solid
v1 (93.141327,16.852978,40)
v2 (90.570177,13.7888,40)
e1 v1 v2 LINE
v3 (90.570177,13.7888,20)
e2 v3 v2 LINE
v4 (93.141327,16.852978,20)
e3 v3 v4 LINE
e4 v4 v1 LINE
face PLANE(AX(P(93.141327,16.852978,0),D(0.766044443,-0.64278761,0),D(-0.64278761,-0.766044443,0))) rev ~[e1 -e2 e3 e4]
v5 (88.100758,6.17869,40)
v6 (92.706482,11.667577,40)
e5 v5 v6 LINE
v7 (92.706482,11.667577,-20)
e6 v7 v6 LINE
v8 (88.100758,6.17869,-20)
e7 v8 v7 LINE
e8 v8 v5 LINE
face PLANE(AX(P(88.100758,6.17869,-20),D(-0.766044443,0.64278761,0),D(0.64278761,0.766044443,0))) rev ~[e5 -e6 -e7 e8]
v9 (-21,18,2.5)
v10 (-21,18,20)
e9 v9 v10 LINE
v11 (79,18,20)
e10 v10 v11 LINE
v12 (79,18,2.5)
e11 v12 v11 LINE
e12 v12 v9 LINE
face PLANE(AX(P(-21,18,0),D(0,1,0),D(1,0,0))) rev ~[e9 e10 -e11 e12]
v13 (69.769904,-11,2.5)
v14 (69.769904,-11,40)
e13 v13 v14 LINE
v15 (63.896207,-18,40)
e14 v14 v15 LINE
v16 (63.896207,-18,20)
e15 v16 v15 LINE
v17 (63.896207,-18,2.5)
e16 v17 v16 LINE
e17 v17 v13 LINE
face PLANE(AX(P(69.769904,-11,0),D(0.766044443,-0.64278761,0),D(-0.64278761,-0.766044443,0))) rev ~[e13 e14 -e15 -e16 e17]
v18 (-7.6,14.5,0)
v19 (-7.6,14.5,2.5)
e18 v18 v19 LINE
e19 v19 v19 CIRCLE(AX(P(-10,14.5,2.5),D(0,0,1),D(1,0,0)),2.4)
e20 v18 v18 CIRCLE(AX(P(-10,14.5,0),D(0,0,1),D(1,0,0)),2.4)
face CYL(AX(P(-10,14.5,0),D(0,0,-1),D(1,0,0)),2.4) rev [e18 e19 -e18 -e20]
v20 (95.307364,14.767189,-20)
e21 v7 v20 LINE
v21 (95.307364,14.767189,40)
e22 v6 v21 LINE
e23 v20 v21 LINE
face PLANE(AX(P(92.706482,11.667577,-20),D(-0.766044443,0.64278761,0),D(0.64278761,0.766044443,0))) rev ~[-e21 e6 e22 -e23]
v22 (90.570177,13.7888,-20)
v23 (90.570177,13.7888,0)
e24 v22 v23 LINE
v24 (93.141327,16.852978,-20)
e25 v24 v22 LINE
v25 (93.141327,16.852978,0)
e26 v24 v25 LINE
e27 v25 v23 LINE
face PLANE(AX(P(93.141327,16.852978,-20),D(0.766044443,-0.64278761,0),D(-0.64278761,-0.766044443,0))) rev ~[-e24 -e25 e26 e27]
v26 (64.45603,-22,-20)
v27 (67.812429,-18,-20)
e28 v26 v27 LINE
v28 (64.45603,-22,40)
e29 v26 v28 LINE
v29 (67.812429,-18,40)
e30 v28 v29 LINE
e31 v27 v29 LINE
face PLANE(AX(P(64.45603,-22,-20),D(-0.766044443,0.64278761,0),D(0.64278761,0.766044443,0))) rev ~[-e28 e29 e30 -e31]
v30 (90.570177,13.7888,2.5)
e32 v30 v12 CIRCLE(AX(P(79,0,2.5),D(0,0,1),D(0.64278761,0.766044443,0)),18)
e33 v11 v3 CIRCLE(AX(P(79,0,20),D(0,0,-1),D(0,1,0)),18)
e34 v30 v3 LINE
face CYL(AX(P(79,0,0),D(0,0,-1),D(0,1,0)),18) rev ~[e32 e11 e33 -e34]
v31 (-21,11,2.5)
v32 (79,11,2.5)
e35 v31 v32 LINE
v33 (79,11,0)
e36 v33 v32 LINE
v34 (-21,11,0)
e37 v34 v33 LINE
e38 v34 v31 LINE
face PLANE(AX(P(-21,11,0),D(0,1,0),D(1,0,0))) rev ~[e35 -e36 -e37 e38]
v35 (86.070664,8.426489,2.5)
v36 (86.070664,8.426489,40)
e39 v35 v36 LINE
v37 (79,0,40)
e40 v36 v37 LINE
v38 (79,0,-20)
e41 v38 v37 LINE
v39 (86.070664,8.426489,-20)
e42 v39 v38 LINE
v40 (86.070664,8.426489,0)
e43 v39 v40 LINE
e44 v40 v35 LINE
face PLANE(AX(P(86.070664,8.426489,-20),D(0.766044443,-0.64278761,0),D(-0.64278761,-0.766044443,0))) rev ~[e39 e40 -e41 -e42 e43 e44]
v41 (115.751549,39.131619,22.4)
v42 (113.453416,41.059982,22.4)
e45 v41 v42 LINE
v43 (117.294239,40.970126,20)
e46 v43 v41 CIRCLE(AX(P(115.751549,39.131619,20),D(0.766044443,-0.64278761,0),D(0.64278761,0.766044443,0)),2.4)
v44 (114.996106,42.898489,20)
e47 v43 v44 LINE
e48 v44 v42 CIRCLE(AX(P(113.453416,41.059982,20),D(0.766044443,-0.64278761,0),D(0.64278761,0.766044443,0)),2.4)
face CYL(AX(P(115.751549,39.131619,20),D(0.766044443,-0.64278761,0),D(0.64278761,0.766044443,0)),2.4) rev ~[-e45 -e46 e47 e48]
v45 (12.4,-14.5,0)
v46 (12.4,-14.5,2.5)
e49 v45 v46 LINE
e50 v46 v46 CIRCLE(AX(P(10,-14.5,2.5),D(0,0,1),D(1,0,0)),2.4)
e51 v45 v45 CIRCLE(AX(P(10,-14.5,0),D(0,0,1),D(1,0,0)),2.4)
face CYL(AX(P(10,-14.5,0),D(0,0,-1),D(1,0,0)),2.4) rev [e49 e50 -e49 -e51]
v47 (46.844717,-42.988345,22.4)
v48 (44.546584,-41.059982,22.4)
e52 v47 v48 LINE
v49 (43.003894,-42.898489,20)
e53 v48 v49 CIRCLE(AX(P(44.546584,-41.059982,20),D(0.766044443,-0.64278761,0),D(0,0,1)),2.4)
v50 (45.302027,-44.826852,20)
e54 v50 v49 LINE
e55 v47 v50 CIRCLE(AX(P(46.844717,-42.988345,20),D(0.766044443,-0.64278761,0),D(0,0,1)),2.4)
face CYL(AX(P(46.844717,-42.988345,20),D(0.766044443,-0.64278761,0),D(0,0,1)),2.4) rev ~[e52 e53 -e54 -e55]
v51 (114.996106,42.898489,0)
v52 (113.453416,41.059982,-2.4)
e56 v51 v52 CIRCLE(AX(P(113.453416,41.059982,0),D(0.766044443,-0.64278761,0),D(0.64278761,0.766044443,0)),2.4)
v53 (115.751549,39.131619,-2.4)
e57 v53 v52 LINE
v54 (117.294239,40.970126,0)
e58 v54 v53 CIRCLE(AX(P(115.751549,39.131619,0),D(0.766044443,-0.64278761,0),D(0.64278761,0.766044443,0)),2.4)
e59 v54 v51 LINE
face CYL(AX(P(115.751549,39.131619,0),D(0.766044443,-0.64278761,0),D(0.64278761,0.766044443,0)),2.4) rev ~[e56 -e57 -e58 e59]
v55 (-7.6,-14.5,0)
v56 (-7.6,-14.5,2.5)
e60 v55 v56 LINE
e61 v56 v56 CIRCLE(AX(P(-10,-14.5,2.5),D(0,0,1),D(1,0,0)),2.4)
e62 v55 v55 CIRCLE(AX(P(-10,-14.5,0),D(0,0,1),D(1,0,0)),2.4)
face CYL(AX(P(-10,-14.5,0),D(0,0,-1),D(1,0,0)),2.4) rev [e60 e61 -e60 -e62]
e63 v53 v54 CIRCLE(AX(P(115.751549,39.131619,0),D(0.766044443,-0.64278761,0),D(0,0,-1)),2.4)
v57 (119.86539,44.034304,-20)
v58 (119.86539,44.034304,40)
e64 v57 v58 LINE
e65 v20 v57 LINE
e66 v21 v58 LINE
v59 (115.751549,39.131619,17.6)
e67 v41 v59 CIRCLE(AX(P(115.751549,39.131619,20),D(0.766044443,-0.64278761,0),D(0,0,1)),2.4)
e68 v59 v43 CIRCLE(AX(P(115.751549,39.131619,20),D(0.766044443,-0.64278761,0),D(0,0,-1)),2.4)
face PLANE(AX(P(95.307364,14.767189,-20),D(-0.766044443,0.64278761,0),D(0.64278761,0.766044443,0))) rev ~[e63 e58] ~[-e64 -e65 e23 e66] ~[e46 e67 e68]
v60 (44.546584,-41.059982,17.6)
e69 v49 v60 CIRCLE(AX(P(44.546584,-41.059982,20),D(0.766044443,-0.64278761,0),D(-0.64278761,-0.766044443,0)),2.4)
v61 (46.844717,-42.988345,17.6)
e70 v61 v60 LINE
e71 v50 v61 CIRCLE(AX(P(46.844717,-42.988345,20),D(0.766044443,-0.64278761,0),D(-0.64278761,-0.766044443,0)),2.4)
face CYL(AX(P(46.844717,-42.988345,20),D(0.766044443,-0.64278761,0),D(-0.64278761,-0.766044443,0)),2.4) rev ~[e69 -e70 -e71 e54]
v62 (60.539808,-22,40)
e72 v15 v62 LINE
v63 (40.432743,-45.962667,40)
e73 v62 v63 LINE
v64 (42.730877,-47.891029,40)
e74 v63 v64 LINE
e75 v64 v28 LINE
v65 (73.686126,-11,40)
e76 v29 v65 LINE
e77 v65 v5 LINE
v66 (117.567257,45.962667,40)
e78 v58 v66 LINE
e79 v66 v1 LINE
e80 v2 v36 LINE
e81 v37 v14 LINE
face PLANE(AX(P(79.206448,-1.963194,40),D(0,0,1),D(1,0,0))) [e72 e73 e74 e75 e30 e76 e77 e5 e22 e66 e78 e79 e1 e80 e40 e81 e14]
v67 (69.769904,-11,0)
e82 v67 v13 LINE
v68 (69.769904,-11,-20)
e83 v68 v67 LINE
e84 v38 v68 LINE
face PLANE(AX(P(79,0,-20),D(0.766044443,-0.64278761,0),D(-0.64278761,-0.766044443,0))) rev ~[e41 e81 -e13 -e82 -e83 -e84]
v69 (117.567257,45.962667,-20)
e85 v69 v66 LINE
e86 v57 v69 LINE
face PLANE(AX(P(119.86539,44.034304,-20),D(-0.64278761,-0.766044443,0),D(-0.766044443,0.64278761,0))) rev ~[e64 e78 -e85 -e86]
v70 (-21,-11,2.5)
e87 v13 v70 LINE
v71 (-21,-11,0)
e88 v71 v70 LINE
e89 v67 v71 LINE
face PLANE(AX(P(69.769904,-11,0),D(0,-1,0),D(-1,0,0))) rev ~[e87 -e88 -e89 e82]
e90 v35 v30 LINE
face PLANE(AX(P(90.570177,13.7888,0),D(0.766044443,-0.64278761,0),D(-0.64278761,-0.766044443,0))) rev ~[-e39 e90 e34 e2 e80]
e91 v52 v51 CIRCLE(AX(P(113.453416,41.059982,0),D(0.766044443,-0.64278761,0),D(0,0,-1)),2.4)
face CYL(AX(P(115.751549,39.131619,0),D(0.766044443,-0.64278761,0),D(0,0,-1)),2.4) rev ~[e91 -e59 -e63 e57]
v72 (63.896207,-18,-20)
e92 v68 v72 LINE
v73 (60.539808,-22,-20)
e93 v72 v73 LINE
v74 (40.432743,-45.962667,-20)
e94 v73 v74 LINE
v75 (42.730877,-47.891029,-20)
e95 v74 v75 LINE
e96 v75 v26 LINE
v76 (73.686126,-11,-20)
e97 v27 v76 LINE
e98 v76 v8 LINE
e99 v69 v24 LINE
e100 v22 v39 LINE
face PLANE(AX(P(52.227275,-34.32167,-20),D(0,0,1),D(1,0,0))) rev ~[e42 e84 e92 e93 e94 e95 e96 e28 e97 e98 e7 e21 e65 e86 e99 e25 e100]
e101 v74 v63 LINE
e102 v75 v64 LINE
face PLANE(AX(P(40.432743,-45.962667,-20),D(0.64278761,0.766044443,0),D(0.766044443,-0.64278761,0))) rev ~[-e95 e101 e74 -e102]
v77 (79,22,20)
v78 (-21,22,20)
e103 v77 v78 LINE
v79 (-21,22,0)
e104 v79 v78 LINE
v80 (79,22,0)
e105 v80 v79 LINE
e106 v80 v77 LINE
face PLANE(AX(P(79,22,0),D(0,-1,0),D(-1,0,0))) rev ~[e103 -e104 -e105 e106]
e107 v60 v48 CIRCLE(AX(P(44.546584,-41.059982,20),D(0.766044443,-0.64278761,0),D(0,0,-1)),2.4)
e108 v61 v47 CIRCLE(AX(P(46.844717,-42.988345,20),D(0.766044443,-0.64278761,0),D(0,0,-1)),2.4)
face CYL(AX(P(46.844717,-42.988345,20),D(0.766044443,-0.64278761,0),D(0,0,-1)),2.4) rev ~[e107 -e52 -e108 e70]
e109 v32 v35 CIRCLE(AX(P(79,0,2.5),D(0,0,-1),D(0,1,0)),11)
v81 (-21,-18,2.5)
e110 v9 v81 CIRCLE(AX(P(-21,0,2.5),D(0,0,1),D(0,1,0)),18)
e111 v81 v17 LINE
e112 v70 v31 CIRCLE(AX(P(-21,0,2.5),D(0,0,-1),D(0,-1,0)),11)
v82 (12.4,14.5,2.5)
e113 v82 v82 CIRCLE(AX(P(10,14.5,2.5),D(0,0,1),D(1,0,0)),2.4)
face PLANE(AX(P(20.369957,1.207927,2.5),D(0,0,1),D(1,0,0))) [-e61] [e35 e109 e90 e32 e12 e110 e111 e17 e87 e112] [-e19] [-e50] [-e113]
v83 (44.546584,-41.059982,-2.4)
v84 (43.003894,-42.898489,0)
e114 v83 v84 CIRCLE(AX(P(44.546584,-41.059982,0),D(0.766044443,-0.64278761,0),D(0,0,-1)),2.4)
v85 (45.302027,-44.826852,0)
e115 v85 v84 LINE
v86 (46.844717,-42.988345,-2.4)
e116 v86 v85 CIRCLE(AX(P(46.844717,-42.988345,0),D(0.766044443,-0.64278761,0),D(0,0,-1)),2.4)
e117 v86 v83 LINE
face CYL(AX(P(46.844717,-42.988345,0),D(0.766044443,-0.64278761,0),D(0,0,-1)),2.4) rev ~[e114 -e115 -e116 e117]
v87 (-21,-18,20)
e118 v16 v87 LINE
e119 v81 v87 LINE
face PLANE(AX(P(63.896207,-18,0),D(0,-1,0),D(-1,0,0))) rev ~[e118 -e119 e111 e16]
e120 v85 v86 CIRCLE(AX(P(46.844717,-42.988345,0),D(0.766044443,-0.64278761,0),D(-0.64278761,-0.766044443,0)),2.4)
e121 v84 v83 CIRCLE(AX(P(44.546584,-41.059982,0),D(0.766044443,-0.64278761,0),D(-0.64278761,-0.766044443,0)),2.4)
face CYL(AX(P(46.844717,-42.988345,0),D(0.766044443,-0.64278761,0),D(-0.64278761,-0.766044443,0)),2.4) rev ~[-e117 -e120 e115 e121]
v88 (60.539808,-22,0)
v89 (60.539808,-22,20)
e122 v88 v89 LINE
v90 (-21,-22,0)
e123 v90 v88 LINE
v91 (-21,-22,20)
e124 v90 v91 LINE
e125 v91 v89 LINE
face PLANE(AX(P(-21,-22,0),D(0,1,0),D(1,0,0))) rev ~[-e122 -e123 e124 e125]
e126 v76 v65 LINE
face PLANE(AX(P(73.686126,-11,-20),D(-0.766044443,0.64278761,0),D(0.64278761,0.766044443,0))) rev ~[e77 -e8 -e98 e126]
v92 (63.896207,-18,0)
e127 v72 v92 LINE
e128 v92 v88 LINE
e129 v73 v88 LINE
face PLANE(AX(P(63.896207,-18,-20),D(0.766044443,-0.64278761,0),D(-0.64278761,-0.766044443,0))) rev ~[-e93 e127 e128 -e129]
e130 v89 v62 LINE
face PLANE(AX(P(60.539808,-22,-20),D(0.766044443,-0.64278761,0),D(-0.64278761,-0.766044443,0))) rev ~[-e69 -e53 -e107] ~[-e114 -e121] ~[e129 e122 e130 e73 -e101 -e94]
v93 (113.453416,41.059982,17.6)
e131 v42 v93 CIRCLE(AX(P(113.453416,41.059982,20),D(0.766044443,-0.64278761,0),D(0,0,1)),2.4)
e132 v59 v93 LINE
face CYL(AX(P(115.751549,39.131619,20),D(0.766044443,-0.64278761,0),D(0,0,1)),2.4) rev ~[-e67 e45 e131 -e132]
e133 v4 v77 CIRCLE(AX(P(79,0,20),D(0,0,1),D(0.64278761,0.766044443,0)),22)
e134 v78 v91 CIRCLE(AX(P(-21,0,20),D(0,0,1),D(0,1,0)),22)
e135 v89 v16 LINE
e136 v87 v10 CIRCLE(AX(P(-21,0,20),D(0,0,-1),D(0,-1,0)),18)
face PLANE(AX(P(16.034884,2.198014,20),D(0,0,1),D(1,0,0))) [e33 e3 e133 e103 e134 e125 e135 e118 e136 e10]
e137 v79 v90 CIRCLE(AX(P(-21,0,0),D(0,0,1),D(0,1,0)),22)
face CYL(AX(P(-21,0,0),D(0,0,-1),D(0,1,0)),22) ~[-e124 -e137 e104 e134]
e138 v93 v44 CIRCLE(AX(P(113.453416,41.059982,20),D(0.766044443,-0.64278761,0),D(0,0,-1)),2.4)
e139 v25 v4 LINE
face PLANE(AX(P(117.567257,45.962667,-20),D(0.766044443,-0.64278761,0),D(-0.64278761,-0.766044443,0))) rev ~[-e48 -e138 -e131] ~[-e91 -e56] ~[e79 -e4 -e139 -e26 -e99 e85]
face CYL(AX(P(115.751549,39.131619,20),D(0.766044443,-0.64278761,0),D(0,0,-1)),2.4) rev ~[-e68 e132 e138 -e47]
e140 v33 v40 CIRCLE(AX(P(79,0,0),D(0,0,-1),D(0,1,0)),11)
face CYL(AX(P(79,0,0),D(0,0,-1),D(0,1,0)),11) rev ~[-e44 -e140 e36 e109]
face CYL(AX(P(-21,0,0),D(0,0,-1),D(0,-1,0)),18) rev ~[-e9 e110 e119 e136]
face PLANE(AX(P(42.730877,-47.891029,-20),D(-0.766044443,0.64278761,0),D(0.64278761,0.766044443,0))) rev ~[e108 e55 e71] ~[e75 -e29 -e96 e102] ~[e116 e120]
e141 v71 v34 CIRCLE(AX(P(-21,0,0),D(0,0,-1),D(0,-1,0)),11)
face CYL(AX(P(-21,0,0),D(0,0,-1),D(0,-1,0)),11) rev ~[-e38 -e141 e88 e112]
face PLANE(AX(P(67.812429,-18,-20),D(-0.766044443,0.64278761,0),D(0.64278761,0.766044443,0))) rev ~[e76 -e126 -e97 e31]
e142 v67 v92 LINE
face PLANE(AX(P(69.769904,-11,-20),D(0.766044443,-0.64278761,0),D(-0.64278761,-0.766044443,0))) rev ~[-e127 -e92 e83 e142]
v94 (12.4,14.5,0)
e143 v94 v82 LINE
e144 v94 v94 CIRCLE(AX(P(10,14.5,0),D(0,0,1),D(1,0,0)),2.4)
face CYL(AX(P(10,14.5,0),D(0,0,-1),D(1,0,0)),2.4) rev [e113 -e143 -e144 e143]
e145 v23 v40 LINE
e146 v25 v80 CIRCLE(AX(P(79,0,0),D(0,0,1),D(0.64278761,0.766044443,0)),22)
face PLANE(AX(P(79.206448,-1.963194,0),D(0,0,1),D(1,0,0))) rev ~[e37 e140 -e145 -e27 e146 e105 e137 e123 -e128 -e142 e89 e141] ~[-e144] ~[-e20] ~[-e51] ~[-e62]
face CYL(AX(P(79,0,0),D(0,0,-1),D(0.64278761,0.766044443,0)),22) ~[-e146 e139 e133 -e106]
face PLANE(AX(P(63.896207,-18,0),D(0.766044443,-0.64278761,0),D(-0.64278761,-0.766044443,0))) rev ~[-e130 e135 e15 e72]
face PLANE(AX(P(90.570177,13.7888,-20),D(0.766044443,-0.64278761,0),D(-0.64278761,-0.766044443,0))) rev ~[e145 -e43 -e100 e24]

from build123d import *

# Parameters (mm, degrees)
SKETCH1_R           = 2.4
BOSS_EXTRUDE1_DEPTH = 2.5
BOSS_EXTRUDE2_DEPTH = 20
BOSS_EXTRUDE3_DEPTH = 40
BOSS_EXTRUDE4_START = -20
BOSS_EXTRUDE4_DEPTH = 20
CUT_EXTRUDE1_DEPTH  = 3


with BuildPart() as part:
    # Sketch1 → Boss-Extrude1 (new body)
    with BuildSketch(Plane.XY):
        with BuildLine():
            ThreePointArc((-21, -11), (-32, 0), (-21, 11))
            Line((-21, 11), (79, 11))
            ThreePointArc((79, 11), (82.762221577, 10.336618829), (86.070663707, 8.426488874))
            Line((86.070663707, 8.426488874), (90.570176974, 13.788799976))
            ThreePointArc((90.570176974, 13.788799976), (85.15636258, 16.914467174), (79, 18))
            Line((79, 18), (-21, 18))
            ThreePointArc((-21, 18), (-39, 0), (-21, -18))
            Line((-21, -18), (63.896206639, -18))
            Line((63.896206639, -18), (69.769904057, -11))
            Line((69.769904057, -11), (-21, -11))
        make_face()
        with Locations((10, -14.5)):
            Circle(SKETCH1_R, mode=Mode.SUBTRACT)
        with Locations((-10, -14.5)):
            Circle(SKETCH1_R, mode=Mode.SUBTRACT)
        with Locations((10, 14.5)):
            Circle(SKETCH1_R, mode=Mode.SUBTRACT)
        with Locations((-10, 14.5)):
            Circle(SKETCH1_R, mode=Mode.SUBTRACT)
    extrude(amount=BOSS_EXTRUDE1_DEPTH)

    # Sketch1<3> → Boss-Extrude2 (add)
    with BuildSketch(Plane.XY):
        with BuildLine():
            ThreePointArc((79, 18), (85.15636258, 16.914467174), (90.570176974, 13.788799976))
            Line((90.570176974, 13.788799976), (93.141327413, 16.852977749))
            ThreePointArc((93.141327413, 16.852977749), (86.524443153, 20.673237657), (79, 22))
            Line((79, 22), (-21, 22))
            ThreePointArc((-21, 22), (-43, 0), (-21, -22))
            Line((-21, -22), (60.539808114, -22))
            Line((60.539808114, -22), (63.896206639, -18))
            Line((63.896206639, -18), (-21, -18))
            ThreePointArc((-21, -18), (-39, 0), (-21, 18))
            Line((-21, 18), (79, 18))
        make_face()
    extrude(amount=BOSS_EXTRUDE2_DEPTH)

    # Sketch1<4> → Boss-Extrude3 (add)
    with BuildSketch(Plane.XY):
        with BuildLine():
            Line((86.070663707, 8.426488874), (79, 0))
            Line((79, 0), (69.769904057, -11))
            Line((69.769904057, -11), (73.686125925, -11))
            Line((73.686125925, -11), (88.100757974, 6.17868953))
            ThreePointArc((88.100757974, 6.17868953), (87.163447205, 7.372796602), (86.070663707, 8.426488874))
        make_face()
        with BuildLine():
            Line((90.570176974, 13.788799976), (86.070663707, 8.426488874))
            ThreePointArc((86.070663707, 8.426488874), (87.163447205, 7.372796602), (88.100757974, 6.17868953))
            Line((88.100757974, 6.17868953), (92.706481677, 11.6675773))
            ThreePointArc((92.706481677, 11.6675773), (91.682754612, 12.772929791), (90.570176974, 13.788799976))
        make_face()
        with BuildLine():
            Line((93.141327413, 16.852977749), (90.570176974, 13.788799976))
            ThreePointArc((90.570176974, 13.788799976), (91.682754612, 12.772929791), (92.706481677, 11.6675773))
            Line((92.706481677, 11.6675773), (95.307364493, 14.76718874))
            ThreePointArc((95.307364493, 14.76718874), (94.260024202, 15.847134168), (93.141327413, 16.852977749))
        make_face()
        with BuildLine():
            Line((117.567256581, 45.962666587), (93.141327413, 16.852977749))
            ThreePointArc((93.141327413, 16.852977749), (94.260024202, 15.847134168), (95.307364493, 14.76718874))
            Line((95.307364493, 14.76718874), (119.865389911, 44.034303758))
            Line((119.865389911, 44.034303758), (117.567256581, 45.962666587))
        make_face()
        Polygon((64.456029982, -22), (60.539808114, -22), (40.432743419, -45.962666587), (42.730876748, -47.891029416), align=None)
        Polygon((67.812428507, -18), (63.896206639, -18), (60.539808114, -22), (64.456029982, -22), align=None)
        Polygon((73.686125925, -11), (69.769904057, -11), (63.896206639, -18), (67.812428507, -18), align=None)
    extrude(amount=BOSS_EXTRUDE3_DEPTH)

    # Sketch1<5> → Boss-Extrude4 (add)
    with BuildSketch(Plane.XY.offset(BOSS_EXTRUDE4_START)):
        Polygon((64.456029982, -22), (60.539808114, -22), (40.432743419, -45.962666587), (42.730876748, -47.891029416), align=None)
        with BuildLine():
            Line((117.567256581, 45.962666587), (93.141327413, 16.852977749))
            ThreePointArc((93.141327413, 16.852977749), (94.260024202, 15.847134168), (95.307364493, 14.76718874))
            Line((95.307364493, 14.76718874), (119.865389911, 44.034303758))
            Line((119.865389911, 44.034303758), (117.567256581, 45.962666587))
        make_face()
        with BuildLine():
            Line((90.570176974, 13.788799976), (86.070663707, 8.426488874))
            ThreePointArc((86.070663707, 8.426488874), (87.163447205, 7.372796602), (88.100757974, 6.17868953))
            Line((88.100757974, 6.17868953), (92.706481677, 11.6675773))
            ThreePointArc((92.706481677, 11.6675773), (91.682754612, 12.772929791), (90.570176974, 13.788799976))
        make_face()
        with BuildLine():
            Line((93.141327413, 16.852977749), (90.570176974, 13.788799976))
            ThreePointArc((90.570176974, 13.788799976), (91.682754612, 12.772929791), (92.706481677, 11.6675773))
            Line((92.706481677, 11.6675773), (95.307364493, 14.76718874))
            ThreePointArc((95.307364493, 14.76718874), (94.260024202, 15.847134168), (93.141327413, 16.852977749))
        make_face()
        with BuildLine():
            Line((86.070663707, 8.426488874), (79, 0))
            Line((79, 0), (69.769904057, -11))
            Line((69.769904057, -11), (73.686125925, -11))
            Line((73.686125925, -11), (88.100757974, 6.17868953))
            ThreePointArc((88.100757974, 6.17868953), (87.163447205, 7.372796602), (86.070663707, 8.426488874))
        make_face()
        Polygon((73.686125925, -11), (69.769904057, -11), (63.896206639, -18), (67.812428507, -18), align=None)
        Polygon((67.812428507, -18), (63.896206639, -18), (60.539808114, -22), (64.456029982, -22), align=None)
    extrude(amount=BOSS_EXTRUDE4_DEPTH)

    # Sketch5 → Cut-Extrude1 (cut)
    with BuildSketch(Plane(origin=(48.657236347, -40.828269073, 0), x_dir=(0, 0, -1), z_dir=(0.7660444431189747, -0.6427876096865435, 0))):
        with BuildLine():
            ThreePointArc((-17.6, -2.819778835), (-20, -0.419778835), (-22.4, -2.819778835))
            Line((-22.4, -2.819778835), (-20, -2.819778835))
            Line((-20, -2.819778835), (-20, -5.219778835))
            ThreePointArc((-20, -5.219778835), (-18.302943725, -4.51683511), (-17.6, -2.819778835))
        make_face()
        with BuildLine():
            Line((-20, -2.819778835), (-22.4, -2.819778835))
            ThreePointArc((-22.4, -2.819778835), (-21.697056275, -4.51683511), (-20, -5.219778835))
            Line((-20, -5.219778835), (-20, -2.819778835))
        make_face()
        with BuildLine():
            Line((0, -5.219778835), (0, -2.819778835))
            Line((0, -2.819778835), (2.4, -2.819778835))
            ThreePointArc((2.4, -2.819778835), (-1.697056275, -1.12272256), (0, -5.219778835))
        make_face()
        with BuildLine():
            Line((2.4, -2.819778835), (0, -2.819778835))
            Line((0, -2.819778835), (0, -5.219778835))
            ThreePointArc((0, -5.219778835), (1.697056275, -4.51683511), (2.4, -2.819778835))
        make_face()
        with BuildLine():
            ThreePointArc((-17.6, 104.380221165), (-18.302943725, 106.07727744), (-20, 106.780221165))
            Line((-20, 106.780221165), (-20, 104.380221165))
            Line((-20, 104.380221165), (-22.4, 104.380221165))
            ThreePointArc((-22.4, 104.380221165), (-20, 101.980221165), (-17.6, 104.380221165))
        make_face()
        with BuildLine():
            Line((-20, 104.380221165), (-20, 106.780221165))
            ThreePointArc((-20, 106.780221165), (-21.697056275, 106.07727744), (-22.4, 104.380221165))
            Line((-22.4, 104.380221165), (-20, 104.380221165))
        make_face()
        with BuildLine():
            ThreePointArc((2.4, 104.380221165), (1.697056275, 106.07727744), (0, 106.780221165))
            Line((0, 106.780221165), (0, 104.380221165))
            Line((0, 104.380221165), (2.4, 104.380221165))
        make_face()
        with BuildLine():
            Line((0, 104.380221165), (0, 106.780221165))
            ThreePointArc((0, 106.780221165), (-1.697056275, 102.68316489), (2.4, 104.380221165))
            Line((2.4, 104.380221165), (0, 104.380221165))
        make_face()
    extrude(amount=-CUT_EXTRUDE1_DEPTH, mode=Mode.SUBTRACT)


solid = part.part
